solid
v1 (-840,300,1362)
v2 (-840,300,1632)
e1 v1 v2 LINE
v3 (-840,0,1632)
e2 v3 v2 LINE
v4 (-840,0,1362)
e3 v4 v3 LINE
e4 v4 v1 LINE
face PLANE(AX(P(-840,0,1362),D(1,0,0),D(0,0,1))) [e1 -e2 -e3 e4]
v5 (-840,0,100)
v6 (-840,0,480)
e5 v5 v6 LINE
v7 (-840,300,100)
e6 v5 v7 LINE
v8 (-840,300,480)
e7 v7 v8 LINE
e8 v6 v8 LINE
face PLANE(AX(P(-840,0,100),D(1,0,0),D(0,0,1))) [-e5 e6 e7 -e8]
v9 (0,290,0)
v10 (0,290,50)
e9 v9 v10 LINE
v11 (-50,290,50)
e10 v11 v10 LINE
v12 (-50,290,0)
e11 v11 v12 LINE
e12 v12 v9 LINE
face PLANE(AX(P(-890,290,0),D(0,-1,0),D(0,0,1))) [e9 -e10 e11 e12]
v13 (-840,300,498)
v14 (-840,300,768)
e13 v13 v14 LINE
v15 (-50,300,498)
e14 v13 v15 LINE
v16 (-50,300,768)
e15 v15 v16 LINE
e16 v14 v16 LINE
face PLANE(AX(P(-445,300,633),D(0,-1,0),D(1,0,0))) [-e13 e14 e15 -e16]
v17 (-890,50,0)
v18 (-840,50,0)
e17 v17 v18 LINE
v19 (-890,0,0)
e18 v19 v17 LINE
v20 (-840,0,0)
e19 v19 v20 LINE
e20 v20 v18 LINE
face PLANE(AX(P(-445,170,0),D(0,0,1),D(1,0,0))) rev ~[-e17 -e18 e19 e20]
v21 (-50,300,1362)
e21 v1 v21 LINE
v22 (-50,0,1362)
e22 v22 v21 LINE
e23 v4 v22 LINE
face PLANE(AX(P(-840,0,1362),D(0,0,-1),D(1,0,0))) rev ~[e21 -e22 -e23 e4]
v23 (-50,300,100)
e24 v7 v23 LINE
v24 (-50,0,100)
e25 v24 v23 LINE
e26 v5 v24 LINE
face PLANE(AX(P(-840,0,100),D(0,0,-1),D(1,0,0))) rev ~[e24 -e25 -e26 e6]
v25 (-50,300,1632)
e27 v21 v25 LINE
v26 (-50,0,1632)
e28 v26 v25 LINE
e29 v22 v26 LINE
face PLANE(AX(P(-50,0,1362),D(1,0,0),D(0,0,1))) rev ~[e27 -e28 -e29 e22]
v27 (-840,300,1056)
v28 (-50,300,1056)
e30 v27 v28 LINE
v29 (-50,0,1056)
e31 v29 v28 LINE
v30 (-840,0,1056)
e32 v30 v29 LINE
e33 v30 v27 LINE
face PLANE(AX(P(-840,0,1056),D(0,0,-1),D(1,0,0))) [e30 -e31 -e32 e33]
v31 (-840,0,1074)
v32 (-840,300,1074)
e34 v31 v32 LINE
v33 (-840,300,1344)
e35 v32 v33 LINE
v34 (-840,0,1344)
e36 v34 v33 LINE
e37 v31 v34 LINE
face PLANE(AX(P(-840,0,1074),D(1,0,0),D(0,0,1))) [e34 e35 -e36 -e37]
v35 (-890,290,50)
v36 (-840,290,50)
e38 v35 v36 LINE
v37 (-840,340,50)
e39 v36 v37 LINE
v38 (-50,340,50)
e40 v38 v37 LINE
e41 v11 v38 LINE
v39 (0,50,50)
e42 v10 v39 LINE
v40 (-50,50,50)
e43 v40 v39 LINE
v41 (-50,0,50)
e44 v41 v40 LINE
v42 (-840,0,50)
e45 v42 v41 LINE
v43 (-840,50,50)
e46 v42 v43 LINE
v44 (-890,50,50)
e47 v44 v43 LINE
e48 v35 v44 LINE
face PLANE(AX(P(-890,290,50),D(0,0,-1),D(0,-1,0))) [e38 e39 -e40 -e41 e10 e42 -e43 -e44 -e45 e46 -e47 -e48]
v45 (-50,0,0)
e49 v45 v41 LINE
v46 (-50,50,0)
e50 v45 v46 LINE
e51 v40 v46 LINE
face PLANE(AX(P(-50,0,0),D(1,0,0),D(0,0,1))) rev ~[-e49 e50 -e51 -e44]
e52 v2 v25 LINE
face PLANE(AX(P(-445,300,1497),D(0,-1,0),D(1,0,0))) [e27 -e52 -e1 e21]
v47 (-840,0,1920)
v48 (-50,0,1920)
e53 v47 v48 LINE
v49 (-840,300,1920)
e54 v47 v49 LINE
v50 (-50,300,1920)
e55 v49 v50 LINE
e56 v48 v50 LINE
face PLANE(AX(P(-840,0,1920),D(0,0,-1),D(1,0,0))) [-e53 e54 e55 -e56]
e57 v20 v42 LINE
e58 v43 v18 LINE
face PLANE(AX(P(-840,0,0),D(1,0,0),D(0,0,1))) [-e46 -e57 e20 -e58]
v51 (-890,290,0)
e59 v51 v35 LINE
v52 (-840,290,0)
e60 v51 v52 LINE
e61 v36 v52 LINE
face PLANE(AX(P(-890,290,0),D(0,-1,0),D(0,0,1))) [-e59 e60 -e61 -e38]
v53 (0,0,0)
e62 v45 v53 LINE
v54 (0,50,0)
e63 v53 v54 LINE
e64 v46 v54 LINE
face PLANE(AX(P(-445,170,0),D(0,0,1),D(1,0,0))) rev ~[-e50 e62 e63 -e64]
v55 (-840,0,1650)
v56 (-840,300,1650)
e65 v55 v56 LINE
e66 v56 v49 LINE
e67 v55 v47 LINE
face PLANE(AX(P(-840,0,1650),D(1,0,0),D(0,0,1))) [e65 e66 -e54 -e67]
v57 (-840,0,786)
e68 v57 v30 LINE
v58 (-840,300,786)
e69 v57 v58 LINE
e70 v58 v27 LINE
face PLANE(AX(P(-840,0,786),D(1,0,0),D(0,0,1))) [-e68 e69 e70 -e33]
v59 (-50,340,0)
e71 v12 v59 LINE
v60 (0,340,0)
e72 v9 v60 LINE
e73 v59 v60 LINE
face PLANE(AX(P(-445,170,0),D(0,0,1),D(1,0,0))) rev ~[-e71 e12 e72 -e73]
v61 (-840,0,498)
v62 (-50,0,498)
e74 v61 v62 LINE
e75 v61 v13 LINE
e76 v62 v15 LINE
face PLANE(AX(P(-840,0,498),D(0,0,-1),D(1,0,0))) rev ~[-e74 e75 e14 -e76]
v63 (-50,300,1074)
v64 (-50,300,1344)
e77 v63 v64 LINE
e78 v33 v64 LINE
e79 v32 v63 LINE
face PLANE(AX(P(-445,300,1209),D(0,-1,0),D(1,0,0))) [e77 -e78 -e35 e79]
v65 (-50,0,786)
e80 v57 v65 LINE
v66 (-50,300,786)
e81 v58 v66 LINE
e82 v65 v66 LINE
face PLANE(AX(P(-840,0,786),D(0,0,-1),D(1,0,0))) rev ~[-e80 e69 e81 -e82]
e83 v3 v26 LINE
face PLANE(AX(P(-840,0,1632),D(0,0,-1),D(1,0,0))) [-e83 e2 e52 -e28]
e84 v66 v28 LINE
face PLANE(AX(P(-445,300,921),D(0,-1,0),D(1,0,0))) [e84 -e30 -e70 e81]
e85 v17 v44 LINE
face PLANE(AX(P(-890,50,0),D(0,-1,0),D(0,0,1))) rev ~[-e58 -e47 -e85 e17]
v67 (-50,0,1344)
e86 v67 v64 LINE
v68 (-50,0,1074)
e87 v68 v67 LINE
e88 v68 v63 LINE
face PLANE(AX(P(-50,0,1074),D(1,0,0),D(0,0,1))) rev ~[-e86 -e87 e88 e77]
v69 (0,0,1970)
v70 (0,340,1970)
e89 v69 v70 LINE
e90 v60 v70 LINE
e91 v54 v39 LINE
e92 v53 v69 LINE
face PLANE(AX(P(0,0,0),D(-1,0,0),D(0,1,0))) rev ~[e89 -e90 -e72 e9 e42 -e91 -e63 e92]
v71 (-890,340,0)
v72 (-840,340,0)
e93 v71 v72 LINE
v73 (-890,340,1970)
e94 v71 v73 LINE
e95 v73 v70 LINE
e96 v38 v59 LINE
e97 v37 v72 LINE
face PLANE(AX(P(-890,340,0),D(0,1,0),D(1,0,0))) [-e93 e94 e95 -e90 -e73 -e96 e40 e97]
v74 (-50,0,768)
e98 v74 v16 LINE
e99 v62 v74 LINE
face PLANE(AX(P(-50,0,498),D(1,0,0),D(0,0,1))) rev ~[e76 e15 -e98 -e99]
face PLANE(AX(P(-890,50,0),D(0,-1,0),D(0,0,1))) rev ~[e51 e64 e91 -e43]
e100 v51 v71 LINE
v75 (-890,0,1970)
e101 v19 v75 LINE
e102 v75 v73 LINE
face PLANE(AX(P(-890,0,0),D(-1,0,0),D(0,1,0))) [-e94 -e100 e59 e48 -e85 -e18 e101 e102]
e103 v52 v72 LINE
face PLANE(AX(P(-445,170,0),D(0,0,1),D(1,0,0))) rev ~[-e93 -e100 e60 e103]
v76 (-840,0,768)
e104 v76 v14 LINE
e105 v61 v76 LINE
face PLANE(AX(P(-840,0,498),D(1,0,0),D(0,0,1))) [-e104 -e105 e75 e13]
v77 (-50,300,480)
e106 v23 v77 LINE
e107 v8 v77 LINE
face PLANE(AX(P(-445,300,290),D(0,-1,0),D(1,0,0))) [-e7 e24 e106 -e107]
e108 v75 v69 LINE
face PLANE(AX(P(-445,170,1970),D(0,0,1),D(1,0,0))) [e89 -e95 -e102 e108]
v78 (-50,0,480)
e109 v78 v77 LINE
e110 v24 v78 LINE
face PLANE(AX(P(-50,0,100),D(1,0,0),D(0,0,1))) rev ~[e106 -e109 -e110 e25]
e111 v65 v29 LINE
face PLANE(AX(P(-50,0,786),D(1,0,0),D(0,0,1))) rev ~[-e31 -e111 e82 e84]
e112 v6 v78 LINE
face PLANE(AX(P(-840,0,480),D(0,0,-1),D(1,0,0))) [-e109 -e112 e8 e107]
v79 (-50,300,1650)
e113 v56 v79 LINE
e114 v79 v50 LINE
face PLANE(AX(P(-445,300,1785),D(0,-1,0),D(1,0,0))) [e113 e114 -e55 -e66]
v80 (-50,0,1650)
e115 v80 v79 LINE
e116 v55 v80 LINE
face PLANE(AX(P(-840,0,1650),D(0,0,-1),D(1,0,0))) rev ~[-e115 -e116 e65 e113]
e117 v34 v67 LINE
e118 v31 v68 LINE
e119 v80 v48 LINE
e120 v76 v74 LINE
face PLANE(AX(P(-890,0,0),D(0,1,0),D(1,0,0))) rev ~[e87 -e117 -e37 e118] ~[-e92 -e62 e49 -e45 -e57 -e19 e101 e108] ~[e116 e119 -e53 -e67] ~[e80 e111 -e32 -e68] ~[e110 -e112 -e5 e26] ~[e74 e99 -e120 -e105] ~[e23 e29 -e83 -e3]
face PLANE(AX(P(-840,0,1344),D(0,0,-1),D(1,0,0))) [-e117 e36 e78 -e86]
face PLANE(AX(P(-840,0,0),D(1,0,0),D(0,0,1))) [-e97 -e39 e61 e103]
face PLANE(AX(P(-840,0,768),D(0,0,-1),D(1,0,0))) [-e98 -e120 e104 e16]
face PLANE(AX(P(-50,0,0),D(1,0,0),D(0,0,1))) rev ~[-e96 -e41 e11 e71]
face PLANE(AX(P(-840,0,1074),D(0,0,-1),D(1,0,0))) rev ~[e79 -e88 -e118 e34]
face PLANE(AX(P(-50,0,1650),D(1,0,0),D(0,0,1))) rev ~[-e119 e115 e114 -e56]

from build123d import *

# Parameters (mm, degrees)
F0_W     = 890
F0_H     = 340
F1_DEPTH = 1970
F2_W     = 790
F2_H     = 50
F3_DEPTH = 350
F2_H_2   = 380
F2_H_3   = 270
F4_DEPTH = 300
F5_W     = 240
F5_H     = 50
F6_DEPTH = 895


with BuildPart() as f1:
    # F0 (on Top) → F1 (new body)
    with BuildSketch(Plane.XY):
        with Locations((-445, 170)):
            Rectangle(F0_W, F0_H)
    extrude(amount=F1_DEPTH)

    # F2 (on face) → F3 (cut)
    with BuildSketch(Plane.XZ):
        with Locations((-445, 25)):
            Rectangle(F2_W, F2_H)
    extrude(amount=-F3_DEPTH, mode=Mode.SUBTRACT)

    # F2 (on face) → F4 (cut)
    with BuildSketch(Plane.XZ):
        with Locations((-445, 290)):
            Rectangle(F2_W, F2_H_2)
        with Locations((-445, 633)):
            Rectangle(F2_W, F2_H_3)
        with Locations((-445, 921)):
            Rectangle(F2_W, F2_H_3)
        with Locations((-445, 1209)):
            Rectangle(F2_W, F2_H_3)
        with Locations((-445, 1497)):
            Rectangle(F2_W, F2_H_3)
        with Locations((-445, 1785)):
            Rectangle(F2_W, F2_H_3)
    extrude(amount=-F4_DEPTH, mode=Mode.SUBTRACT)

    # F5 (on face) → F6 (cut)
    with BuildSketch(Plane(origin=(-890, 0, 0), x_dir=(0, -1, 0), z_dir=(-1, 0, 0))):
        with Locations((-170, 25)):
            Rectangle(F5_W, F5_H)
    extrude(amount=-F6_DEPTH, mode=Mode.SUBTRACT)


solid = f1.part
